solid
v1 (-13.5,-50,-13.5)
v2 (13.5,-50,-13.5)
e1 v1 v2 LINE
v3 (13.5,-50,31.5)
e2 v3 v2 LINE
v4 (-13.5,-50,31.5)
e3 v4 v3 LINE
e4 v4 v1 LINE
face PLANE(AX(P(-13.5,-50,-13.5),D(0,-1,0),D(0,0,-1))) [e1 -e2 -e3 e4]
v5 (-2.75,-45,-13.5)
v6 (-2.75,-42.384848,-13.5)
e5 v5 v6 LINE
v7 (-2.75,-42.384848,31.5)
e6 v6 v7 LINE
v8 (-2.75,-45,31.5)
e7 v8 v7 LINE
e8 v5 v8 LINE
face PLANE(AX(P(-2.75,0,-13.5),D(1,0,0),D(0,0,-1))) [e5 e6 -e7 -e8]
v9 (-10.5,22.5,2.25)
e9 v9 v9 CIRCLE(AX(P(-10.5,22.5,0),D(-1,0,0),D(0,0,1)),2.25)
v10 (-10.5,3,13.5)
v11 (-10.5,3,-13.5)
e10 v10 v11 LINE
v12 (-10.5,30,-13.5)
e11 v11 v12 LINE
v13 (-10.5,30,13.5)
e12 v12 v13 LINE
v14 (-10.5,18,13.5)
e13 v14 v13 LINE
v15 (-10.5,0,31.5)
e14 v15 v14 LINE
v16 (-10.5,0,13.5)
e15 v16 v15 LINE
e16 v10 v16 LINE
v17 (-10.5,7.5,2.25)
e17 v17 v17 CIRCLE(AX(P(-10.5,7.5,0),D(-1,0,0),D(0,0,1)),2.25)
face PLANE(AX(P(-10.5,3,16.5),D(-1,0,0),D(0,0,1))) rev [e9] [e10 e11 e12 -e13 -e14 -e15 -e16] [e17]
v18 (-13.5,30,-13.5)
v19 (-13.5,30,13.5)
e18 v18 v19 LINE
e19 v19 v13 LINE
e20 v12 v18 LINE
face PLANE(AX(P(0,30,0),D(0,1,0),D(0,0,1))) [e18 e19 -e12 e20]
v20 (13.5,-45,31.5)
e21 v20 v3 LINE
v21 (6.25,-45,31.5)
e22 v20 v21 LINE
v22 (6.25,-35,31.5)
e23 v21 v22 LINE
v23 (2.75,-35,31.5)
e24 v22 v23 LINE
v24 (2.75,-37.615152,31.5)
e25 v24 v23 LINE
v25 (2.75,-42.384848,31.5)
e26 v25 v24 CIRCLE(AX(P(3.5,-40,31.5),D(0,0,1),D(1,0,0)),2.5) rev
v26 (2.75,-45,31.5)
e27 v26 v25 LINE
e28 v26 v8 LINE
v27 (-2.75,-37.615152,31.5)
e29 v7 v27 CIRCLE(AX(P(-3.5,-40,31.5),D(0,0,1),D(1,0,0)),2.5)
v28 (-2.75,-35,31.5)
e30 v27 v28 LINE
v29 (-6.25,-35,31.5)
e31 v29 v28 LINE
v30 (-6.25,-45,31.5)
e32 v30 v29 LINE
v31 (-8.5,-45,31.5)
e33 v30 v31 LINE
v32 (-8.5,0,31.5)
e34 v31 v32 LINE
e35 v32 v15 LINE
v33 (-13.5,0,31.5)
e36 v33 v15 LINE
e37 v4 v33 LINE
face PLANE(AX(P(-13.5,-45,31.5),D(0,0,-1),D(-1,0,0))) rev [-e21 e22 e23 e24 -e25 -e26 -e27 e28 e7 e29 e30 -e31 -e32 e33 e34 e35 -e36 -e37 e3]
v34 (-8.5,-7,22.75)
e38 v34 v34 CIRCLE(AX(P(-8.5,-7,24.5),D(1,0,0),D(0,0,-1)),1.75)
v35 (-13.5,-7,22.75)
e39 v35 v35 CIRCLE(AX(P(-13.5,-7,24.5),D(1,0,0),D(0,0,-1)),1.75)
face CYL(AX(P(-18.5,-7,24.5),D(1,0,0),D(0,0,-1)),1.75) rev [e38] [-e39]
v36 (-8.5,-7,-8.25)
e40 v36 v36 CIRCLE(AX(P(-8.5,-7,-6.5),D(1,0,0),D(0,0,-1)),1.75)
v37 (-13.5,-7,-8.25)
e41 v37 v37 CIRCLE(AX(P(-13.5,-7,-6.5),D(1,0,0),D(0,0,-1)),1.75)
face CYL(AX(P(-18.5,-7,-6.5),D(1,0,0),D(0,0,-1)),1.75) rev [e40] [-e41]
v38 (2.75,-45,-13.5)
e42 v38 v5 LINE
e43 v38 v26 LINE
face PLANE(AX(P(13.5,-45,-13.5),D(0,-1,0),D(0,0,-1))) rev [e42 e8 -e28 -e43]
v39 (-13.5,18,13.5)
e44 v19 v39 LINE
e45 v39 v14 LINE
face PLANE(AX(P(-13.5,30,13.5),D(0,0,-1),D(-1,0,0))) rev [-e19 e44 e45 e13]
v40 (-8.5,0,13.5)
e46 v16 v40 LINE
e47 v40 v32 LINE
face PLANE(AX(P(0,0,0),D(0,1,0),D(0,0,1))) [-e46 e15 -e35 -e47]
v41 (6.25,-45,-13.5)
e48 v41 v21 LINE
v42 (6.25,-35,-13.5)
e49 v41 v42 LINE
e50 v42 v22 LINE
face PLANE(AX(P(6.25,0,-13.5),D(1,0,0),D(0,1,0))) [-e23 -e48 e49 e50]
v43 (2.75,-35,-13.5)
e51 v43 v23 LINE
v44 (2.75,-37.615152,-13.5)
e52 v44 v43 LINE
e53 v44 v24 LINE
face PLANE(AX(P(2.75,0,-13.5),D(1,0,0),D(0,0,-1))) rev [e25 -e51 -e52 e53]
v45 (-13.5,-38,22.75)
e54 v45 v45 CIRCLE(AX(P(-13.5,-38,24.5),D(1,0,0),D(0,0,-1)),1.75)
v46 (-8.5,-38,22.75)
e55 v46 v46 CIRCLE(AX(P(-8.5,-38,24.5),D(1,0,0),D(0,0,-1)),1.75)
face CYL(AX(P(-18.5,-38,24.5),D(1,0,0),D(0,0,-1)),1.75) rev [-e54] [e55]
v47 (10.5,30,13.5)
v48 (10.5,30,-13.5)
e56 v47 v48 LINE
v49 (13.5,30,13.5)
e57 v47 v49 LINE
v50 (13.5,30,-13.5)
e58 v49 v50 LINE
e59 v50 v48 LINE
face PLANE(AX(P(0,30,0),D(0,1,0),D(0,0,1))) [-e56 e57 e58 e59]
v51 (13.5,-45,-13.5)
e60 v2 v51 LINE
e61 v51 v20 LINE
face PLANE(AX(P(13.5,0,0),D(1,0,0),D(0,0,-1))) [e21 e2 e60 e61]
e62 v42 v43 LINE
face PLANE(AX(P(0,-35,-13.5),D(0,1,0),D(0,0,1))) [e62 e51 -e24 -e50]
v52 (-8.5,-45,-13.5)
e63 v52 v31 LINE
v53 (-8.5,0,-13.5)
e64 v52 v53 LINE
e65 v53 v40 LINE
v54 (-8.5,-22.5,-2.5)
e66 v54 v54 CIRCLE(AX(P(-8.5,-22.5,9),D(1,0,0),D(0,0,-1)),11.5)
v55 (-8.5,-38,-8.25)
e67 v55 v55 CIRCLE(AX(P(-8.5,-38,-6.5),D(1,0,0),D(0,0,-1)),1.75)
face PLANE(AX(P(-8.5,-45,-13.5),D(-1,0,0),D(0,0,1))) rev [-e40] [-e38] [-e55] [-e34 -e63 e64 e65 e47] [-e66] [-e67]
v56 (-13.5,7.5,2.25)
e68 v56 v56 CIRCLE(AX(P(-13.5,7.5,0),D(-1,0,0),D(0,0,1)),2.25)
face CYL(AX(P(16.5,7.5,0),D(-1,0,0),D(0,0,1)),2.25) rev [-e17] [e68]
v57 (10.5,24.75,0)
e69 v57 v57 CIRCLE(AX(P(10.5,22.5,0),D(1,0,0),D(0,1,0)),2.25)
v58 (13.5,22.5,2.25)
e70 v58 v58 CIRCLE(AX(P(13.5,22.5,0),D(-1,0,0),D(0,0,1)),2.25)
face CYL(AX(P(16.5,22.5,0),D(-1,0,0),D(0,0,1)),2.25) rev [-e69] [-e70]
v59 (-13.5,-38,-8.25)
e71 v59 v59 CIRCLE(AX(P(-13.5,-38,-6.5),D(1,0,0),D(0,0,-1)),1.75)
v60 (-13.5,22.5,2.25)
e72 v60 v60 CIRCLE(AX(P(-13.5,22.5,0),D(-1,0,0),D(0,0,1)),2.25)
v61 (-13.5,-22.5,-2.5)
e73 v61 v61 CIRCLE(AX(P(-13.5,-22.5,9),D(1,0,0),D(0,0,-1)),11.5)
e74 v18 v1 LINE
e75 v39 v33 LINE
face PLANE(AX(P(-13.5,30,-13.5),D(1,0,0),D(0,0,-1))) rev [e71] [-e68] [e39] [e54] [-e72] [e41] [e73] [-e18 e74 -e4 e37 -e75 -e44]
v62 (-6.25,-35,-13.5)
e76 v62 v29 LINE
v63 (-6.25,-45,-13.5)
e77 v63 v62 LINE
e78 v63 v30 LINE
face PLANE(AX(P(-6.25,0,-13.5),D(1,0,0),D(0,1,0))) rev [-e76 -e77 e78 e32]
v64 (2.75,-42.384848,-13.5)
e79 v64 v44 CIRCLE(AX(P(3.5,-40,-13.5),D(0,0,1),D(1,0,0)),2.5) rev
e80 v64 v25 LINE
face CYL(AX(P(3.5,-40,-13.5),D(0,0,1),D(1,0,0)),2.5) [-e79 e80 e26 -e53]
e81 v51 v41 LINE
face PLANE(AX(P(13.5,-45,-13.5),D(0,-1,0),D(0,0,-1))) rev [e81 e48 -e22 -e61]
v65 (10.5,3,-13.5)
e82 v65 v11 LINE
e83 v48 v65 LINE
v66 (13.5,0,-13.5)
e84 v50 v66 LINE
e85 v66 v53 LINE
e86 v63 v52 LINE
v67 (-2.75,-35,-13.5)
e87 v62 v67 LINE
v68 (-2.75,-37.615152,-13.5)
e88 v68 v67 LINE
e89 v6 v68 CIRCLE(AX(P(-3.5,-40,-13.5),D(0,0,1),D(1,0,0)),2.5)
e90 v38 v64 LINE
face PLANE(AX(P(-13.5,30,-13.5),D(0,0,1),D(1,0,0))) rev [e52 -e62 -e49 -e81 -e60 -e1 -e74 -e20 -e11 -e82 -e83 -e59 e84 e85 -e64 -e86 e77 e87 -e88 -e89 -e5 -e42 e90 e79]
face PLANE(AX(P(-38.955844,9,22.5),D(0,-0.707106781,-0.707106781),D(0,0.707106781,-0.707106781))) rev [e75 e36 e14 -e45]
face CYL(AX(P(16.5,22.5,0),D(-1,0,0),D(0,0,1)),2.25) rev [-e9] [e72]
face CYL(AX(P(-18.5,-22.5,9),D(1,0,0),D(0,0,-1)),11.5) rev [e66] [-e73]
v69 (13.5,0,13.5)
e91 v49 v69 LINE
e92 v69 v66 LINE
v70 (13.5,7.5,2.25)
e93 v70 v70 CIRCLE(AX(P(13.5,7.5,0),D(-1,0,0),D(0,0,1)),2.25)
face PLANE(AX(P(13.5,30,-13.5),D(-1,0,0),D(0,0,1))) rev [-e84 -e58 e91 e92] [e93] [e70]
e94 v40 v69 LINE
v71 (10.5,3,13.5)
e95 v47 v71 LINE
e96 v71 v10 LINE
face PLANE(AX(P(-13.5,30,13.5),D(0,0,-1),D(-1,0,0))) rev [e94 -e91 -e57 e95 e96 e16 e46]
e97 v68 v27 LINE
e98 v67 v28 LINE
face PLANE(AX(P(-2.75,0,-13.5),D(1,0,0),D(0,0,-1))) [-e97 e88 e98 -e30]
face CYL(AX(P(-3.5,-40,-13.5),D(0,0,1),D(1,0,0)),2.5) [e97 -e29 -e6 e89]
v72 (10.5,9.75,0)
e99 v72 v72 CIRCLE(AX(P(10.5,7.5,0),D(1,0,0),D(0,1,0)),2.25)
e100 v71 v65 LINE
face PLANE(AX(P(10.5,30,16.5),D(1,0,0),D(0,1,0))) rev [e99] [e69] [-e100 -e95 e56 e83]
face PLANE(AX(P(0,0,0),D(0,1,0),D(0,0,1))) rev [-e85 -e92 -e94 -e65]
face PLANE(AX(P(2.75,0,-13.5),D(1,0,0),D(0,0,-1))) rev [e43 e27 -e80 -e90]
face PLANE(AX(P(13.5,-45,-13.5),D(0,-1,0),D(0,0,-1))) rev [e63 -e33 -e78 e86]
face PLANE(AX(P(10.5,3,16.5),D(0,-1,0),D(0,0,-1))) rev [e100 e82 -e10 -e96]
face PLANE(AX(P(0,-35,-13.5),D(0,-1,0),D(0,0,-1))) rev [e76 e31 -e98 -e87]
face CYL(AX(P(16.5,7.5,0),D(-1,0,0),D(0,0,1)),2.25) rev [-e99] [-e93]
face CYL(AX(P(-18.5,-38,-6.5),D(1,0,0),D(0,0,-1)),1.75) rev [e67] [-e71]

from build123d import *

# Parameters (mm, degrees)
SKETCH1_W            = 27
SKETCH1_H            = 27
BOSS_EXTRUDE1_DEPTH  = 30
SKETCH2_W            = 21
SKETCH2_H            = 27
CUT_EXTRUDE1_DEPTH   = 30
SKETCH3_R            = 2.25
CUT_EXTRUDE2_DEPTH   = 30
SKETCH5_W            = 5
SKETCH5_H            = 45
BOSS_EXTRUDE2_DEPTH  = 45
SKETCH6_R            = 1.75
SKETCH6_R_2          = 11.5
CUT_EXTRUDE3_DEPTH   = 10
SKETCH8_W            = 45
SKETCH8_H            = 5
BOSS_EXTRUDE4_DEPTH  = 5
SKETCH9_W            = 45
SKETCH9_H            = 5
BOSS_EXTRUDE5_DEPTH  = 22
BOSS_EXTRUDE6_DEPTH  = 45
BOSS_EXTRUDE10_START = -3
BOSS_EXTRUDE10_DEPTH = 3


with BuildPart() as part:
    # Sketch1 → Boss-Extrude1 (new body)
    with BuildSketch(Plane(origin=(0, 0, 0), x_dir=(1, 0, 0), z_dir=(0, 1, 0))):
        Rectangle(SKETCH1_W, SKETCH1_H)
    extrude(amount=BOSS_EXTRUDE1_DEPTH)

    # Sketch2 → Cut-Extrude1 (cut)
    with BuildSketch(Plane(origin=(0, 0, -13.5), x_dir=(-1, 0, 0), z_dir=(0, 0, -1))):
        with Locations((0, 16.5)):
            Rectangle(SKETCH2_W, SKETCH2_H)
    extrude(amount=-CUT_EXTRUDE1_DEPTH, mode=Mode.SUBTRACT)

    # Sketch3 → Cut-Extrude2 (cut)
    with BuildSketch(Plane.ZY.offset(13.5)):
        with Locations((0, 7.5)):
            Circle(SKETCH3_R)
        with Locations((0, 22.5)):
            Circle(SKETCH3_R)
    extrude(amount=-CUT_EXTRUDE2_DEPTH, mode=Mode.SUBTRACT)

    # Sketch5 → Boss-Extrude2 (add)
    with BuildSketch(Plane.XZ):
        with Locations((-11, 9)):
            Rectangle(SKETCH5_W, SKETCH5_H)
    extrude(amount=BOSS_EXTRUDE2_DEPTH)

    # Sketch6 → Cut-Extrude3 (cut)
    with BuildSketch(Plane(origin=(-8.5, 0, 0), x_dir=(0, 0, -1), z_dir=(1, 0, 0))):
        with Locations((-24.5, -38)):
            Circle(SKETCH6_R)
        with Locations((-24.5, -7)):
            Circle(SKETCH6_R)
        with Locations((6.5, -7)):
            Circle(SKETCH6_R)
        with Locations((6.5, -38)):
            Circle(SKETCH6_R)
        with Locations((-9, -22.5)):
            Circle(SKETCH6_R_2)
    extrude(amount=-CUT_EXTRUDE3_DEPTH, mode=Mode.SUBTRACT)

    # Sketch8 → Boss-Extrude4 (add)
    with BuildSketch(Plane(origin=(-8.5, 0, 0), x_dir=(0, 0, -1), z_dir=(1, 0, 0))):
        with Locations((-9, -47.5)):
            Rectangle(SKETCH8_W, SKETCH8_H)
    extrude(amount=-BOSS_EXTRUDE4_DEPTH)

    # Sketch9 → Boss-Extrude5 (add)
    with BuildSketch(Plane(origin=(-8.5, 0, 0), x_dir=(0, 0, -1), z_dir=(1, 0, 0))):
        with Locations((-9, -47.5)):
            Rectangle(SKETCH9_W, SKETCH9_H)
    extrude(amount=BOSS_EXTRUDE5_DEPTH)

    # Sketch10 → Boss-Extrude6 (add)
    with BuildSketch(Plane.XY.offset(31.5)):
        with BuildLine():
            Line((-6.25, -35), (-6.25, -45))
            Line((-6.25, -45), (-2.75, -45))
            Line((-2.75, -45), (-2.75, -42.384848004))
            ThreePointArc((-2.75, -42.384848004), (-6, -40), (-2.75, -37.615151996))
            Line((-2.75, -37.615151996), (-2.75, -35))
            Line((-2.75, -35), (-6.25, -35))
        make_face()
        with BuildLine():
            ThreePointArc((-2.75, -37.615151996), (-6, -40), (-2.75, -42.384848004))
            Line((-2.75, -42.384848004), (-2.75, -37.615151996))
        make_face()
        with BuildLine():
            Line((-2.75, -37.615151996), (-2.75, -42.384848004))
            ThreePointArc((-2.75, -42.384848004), (-1.484435563, -41.479019946), (-1, -40))
            ThreePointArc((-1, -40), (-1.484435563, -38.520980054), (-2.75, -37.615151996))
        make_face()
        with BuildLine():
            ThreePointArc((2.75, -37.615151996), (1, -40), (2.75, -42.384848004))
            Line((2.75, -42.384848004), (2.75, -37.615151996))
        make_face()
        with BuildLine():
            Line((2.75, -37.615151996), (2.75, -42.384848004))
            ThreePointArc((2.75, -42.384848004), (4.979019946, -42.015564437), (6, -40))
            ThreePointArc((6, -40), (4.979019946, -37.984435563), (2.75, -37.615151996))
        make_face()
        with BuildLine():
            Line((2.75, -42.384848004), (2.75, -45))
            Line((2.75, -45), (6.25, -45))
            Line((6.25, -45), (6.25, -35))
            Line((6.25, -35), (2.75, -35))
            Line((2.75, -35), (2.75, -37.615151996))
            ThreePointArc((2.75, -37.615151996), (4.979019946, -37.984435563), (6, -40))
            ThreePointArc((6, -40), (4.979019946, -42.015564437), (2.75, -42.384848004))
        make_face()
    extrude(amount=-BOSS_EXTRUDE6_DEPTH)

    # Sketch15 → Boss-Extrude10 (add)
    with BuildSketch(Plane.ZY.offset(13.5).offset(BOSS_EXTRUDE10_START)):
        Polygon((31.5, 0), (13.5, 18), (13.5, 0), align=None)
    extrude(amount=BOSS_EXTRUDE10_DEPTH)


solid = part.part
